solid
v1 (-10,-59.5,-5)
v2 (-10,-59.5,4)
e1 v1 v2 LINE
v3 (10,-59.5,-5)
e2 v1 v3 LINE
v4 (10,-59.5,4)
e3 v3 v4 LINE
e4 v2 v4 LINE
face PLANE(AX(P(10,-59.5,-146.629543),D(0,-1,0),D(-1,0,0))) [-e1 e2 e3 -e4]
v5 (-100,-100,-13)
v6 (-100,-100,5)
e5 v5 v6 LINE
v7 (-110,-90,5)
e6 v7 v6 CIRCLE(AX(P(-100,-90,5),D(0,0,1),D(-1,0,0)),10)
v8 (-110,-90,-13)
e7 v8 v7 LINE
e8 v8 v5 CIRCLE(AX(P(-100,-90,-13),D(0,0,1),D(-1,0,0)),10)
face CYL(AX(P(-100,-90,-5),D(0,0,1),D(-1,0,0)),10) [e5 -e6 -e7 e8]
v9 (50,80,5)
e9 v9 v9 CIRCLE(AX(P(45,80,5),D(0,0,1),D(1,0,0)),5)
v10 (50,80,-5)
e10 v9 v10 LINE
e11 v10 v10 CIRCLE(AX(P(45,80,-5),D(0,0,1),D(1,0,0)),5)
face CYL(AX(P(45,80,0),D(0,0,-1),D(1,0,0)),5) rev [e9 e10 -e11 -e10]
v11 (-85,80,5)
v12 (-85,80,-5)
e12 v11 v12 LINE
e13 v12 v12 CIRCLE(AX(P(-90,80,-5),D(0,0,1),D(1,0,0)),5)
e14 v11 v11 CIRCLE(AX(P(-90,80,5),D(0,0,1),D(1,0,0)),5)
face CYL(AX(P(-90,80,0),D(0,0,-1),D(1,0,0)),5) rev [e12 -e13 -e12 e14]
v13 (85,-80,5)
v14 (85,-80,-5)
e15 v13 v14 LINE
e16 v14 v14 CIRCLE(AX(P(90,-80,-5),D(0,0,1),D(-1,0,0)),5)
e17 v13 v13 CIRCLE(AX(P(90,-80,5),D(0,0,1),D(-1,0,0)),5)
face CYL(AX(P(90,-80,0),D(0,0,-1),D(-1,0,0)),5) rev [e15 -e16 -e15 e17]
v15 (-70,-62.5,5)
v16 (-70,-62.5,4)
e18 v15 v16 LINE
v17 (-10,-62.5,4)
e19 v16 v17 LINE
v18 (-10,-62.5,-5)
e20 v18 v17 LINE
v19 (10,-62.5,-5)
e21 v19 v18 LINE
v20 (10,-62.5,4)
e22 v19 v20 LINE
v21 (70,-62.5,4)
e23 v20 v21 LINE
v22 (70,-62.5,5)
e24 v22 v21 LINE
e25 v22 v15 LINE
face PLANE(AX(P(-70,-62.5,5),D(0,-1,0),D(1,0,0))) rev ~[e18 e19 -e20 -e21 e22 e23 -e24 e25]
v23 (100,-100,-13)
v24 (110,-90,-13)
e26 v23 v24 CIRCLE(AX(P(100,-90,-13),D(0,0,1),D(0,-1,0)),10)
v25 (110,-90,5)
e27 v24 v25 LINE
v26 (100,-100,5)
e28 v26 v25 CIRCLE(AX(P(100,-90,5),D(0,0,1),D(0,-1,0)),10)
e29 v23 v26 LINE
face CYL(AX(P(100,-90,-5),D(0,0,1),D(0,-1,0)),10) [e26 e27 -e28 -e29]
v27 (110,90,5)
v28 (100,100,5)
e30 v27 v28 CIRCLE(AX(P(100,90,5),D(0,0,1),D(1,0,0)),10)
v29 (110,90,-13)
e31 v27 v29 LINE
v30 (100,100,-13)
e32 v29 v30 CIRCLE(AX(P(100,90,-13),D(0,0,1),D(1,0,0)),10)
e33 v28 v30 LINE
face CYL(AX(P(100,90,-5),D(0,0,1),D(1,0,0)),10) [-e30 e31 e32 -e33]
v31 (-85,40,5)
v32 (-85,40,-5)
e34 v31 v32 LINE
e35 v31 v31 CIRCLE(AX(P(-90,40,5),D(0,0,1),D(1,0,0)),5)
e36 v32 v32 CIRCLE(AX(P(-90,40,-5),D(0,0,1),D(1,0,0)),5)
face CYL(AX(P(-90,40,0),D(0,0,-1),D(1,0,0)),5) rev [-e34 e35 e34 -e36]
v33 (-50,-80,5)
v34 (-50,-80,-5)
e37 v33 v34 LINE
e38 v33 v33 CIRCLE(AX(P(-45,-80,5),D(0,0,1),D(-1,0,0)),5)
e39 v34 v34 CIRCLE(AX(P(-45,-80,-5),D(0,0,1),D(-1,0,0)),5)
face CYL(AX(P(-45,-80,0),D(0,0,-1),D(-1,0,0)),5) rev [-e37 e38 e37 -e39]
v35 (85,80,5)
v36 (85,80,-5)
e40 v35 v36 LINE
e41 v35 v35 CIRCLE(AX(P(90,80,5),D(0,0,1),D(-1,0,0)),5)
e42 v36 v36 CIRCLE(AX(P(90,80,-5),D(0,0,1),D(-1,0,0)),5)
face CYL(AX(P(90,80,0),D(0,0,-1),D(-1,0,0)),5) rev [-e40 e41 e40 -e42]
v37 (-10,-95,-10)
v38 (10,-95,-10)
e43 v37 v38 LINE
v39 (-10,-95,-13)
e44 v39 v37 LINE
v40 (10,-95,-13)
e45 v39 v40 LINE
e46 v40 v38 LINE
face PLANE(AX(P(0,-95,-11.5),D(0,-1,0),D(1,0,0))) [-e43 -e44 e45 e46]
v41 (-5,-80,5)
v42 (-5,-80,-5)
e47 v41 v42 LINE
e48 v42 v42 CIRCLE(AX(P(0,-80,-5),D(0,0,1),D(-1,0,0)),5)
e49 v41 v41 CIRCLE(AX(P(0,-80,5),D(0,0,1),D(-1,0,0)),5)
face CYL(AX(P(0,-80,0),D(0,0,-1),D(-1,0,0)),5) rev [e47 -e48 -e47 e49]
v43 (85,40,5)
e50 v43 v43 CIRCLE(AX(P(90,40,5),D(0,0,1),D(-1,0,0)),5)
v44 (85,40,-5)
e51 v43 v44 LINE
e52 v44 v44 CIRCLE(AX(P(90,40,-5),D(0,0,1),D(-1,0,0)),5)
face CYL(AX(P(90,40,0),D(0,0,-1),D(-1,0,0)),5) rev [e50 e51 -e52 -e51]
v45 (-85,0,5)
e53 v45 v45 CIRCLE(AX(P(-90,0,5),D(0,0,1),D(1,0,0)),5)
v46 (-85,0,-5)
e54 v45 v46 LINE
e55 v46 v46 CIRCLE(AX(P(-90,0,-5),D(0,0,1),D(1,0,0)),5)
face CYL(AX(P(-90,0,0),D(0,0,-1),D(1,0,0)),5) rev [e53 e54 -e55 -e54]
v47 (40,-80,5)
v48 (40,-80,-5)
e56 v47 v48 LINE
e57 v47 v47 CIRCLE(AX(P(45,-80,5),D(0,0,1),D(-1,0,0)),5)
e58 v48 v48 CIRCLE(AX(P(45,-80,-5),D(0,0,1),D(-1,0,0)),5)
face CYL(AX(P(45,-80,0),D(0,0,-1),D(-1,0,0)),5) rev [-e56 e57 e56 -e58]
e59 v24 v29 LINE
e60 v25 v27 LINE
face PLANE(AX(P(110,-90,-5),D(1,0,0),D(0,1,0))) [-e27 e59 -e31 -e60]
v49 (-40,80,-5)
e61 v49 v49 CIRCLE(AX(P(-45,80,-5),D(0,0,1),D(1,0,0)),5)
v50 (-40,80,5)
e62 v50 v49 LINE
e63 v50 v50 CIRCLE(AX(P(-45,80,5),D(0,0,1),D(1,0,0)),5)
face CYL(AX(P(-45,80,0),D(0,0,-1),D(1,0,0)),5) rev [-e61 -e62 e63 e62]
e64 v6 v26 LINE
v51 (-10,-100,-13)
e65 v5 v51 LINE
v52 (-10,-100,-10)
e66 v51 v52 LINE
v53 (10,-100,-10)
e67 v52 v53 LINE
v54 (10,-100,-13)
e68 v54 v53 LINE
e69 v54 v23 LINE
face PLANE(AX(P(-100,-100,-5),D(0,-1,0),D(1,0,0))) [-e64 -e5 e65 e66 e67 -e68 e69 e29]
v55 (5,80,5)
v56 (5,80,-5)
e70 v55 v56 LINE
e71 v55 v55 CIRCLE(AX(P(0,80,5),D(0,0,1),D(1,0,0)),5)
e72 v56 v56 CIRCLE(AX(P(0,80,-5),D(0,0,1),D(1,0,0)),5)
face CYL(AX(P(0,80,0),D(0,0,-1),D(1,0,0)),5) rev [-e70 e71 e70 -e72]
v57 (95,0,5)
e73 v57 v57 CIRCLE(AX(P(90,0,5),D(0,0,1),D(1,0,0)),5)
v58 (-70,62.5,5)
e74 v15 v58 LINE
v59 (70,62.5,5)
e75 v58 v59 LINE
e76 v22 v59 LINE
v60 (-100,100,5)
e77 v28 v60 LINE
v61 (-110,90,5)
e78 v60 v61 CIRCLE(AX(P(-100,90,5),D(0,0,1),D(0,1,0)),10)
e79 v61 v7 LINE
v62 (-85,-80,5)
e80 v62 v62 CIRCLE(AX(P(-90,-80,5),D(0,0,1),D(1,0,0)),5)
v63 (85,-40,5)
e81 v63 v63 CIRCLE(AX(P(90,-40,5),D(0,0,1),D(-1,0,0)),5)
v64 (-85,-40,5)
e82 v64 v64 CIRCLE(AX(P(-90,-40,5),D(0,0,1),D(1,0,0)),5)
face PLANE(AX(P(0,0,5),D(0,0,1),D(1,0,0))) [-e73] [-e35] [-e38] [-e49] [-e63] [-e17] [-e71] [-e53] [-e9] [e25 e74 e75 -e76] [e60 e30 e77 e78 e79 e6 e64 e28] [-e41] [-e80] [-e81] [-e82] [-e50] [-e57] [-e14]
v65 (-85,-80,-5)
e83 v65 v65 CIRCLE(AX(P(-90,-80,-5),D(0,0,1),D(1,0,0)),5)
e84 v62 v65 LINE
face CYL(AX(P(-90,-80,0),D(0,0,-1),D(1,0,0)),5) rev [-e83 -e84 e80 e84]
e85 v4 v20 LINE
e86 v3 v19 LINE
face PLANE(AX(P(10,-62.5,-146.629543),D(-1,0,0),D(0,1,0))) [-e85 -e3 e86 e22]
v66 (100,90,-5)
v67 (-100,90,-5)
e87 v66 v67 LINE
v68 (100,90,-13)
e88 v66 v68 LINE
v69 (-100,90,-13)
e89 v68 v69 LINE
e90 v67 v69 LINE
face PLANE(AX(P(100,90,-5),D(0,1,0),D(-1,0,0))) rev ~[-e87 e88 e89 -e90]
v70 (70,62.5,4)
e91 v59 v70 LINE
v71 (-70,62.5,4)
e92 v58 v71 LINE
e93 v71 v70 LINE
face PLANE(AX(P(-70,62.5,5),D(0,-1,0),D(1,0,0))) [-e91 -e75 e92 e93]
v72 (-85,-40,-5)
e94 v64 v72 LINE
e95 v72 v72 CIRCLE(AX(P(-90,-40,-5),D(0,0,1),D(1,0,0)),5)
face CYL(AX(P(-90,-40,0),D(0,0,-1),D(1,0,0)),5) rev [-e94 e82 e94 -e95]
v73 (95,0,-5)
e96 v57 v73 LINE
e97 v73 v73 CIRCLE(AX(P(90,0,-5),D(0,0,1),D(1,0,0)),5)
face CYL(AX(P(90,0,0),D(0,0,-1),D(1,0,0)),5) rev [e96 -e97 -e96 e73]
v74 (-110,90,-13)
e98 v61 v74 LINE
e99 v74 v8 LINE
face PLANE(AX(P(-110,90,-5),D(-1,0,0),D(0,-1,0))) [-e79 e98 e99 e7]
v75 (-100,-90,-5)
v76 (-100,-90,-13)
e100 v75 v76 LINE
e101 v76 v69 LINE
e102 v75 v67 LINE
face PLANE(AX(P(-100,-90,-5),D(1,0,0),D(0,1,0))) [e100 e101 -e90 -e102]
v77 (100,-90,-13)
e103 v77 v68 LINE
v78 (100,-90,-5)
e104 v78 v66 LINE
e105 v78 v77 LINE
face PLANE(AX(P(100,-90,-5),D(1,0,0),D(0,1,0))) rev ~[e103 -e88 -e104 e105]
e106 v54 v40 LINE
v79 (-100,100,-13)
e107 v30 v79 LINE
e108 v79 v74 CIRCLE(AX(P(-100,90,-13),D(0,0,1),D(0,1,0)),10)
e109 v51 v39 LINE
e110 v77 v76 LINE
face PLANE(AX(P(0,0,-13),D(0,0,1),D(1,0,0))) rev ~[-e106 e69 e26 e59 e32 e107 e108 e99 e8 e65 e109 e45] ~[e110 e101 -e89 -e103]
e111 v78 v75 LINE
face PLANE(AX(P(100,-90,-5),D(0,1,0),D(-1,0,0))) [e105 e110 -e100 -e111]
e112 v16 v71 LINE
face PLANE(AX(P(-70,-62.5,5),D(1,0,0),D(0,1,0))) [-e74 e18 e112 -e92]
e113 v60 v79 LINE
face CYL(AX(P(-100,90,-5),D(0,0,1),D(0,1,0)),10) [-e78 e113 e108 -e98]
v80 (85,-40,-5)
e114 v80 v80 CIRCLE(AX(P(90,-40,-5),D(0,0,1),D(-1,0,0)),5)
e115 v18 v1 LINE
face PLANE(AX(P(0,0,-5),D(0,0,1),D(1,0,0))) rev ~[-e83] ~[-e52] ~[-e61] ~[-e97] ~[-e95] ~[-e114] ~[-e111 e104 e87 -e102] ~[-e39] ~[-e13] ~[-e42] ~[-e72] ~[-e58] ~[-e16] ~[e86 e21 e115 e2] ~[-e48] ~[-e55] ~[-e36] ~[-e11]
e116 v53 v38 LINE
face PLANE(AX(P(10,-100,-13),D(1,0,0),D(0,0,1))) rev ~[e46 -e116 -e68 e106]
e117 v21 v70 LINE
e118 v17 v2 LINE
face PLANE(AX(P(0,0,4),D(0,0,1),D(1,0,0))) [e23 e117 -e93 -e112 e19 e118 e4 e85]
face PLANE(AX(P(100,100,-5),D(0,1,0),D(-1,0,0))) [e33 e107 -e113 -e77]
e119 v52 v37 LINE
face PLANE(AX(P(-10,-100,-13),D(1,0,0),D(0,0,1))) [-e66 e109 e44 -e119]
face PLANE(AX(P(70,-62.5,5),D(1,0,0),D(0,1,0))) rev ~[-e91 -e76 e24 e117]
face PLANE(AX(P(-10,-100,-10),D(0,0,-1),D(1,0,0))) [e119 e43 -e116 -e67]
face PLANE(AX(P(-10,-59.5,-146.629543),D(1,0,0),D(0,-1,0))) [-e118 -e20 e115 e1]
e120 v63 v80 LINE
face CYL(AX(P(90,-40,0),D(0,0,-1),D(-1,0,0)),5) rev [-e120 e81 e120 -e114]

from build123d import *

# Parameters (mm, degrees)
SKETCH_1_R               = 5
EXTRUDE_1_DEPTH          = 5
SKETCH_3_W               = 200
SKETCH_3_H               = 180
EXTRUDE_2_DEPTH          = 8
SKETCH_4_W               = 140
SKETCH_4_H               = 125
CUT_EXTRUDE_1_DEPTH      = 1
CUT_EXTRUDE_2_DEPTH      = 150.629542538
CUT_EXTRUDE_2_DEPTH_BACK = 150.629542538
SKETCH_6_W               = 20
SKETCH_6_H               = 3
CUT_EXTRUDE_3_DEPTH      = 5


with BuildPart() as part:
    # 草图1 → 凸台-拉伸1 (new, symmetric)
    with BuildSketch(Plane.XY):
        with BuildLine():
            Line((-100, -100), (100, -100))
            ThreePointArc((100, -100), (107.071067812, -97.071067812), (110, -90))
            Line((110, -90), (110, 90))
            ThreePointArc((110, 90), (107.071067812, 97.071067812), (100, 100))
            Line((100, 100), (-100, 100))
            ThreePointArc((-100, 100), (-107.071067812, 97.071067812), (-110, 90))
            Line((-110, 90), (-110, -90))
            ThreePointArc((-110, -90), (-107.071067812, -97.071067812), (-100, -100))
        make_face()
        with Locations((-90, 0)):
            Circle(SKETCH_1_R, mode=Mode.SUBTRACT)
        with Locations((90, 0)):
            Circle(SKETCH_1_R, mode=Mode.SUBTRACT)
        with Locations((-90, 40)):
            Circle(SKETCH_1_R, mode=Mode.SUBTRACT)
        with Locations((-90, -40)):
            Circle(SKETCH_1_R, mode=Mode.SUBTRACT)
        with Locations(Location((90, -40, 0), (0, 0, 180))):
            Circle(SKETCH_1_R, mode=Mode.SUBTRACT)
        with Locations(Location((90, 40, 0), (0, 0, 180))):
            Circle(SKETCH_1_R, mode=Mode.SUBTRACT)
        with Locations((-90, -80)):
            Circle(SKETCH_1_R, mode=Mode.SUBTRACT)
        with Locations((-90, 80)):
            Circle(SKETCH_1_R, mode=Mode.SUBTRACT)
        with Locations(Location((90, -80, 0), (0, 0, 180))):
            Circle(SKETCH_1_R, mode=Mode.SUBTRACT)
        with Locations(Location((90, 80, 0), (0, 0, 180))):
            Circle(SKETCH_1_R, mode=Mode.SUBTRACT)
        with Locations((0, 80)):
            Circle(SKETCH_1_R, mode=Mode.SUBTRACT)
        with Locations((-45, 80)):
            Circle(SKETCH_1_R, mode=Mode.SUBTRACT)
        with Locations((45, 80)):
            Circle(SKETCH_1_R, mode=Mode.SUBTRACT)
        with Locations(Location((45, -80, 0), (0, 0, 180))):
            Circle(SKETCH_1_R, mode=Mode.SUBTRACT)
        with Locations(Location((0, -80, 0), (0, 0, 180))):
            Circle(SKETCH_1_R, mode=Mode.SUBTRACT)
        with Locations(Location((-45, -80, 0), (0, 0, 180))):
            Circle(SKETCH_1_R, mode=Mode.SUBTRACT)
    extrude(amount=EXTRUDE_1_DEPTH, both=True)

    # 草图3 → 凸台-拉伸2 (add)
    with BuildSketch(Plane(origin=(0, 0, -5), x_dir=(-1, 0, 0), z_dir=(0, 0, -1))):
        with BuildLine():
            Line((110, 90), (110, -90))
            ThreePointArc((110, -90), (107.071067812, -97.071067812), (100, -100))
            Line((100, -100), (-100, -100))
            ThreePointArc((-100, -100), (-107.071067812, -97.071067812), (-110, -90))
            Line((-110, -90), (-110, 90))
            ThreePointArc((-110, 90), (-107.071067812, 97.071067812), (-100, 100))
            Line((-100, 100), (100, 100))
            ThreePointArc((100, 100), (107.071067812, 97.071067812), (110, 90))
        make_face()
        Rectangle(SKETCH_3_W, SKETCH_3_H, mode=Mode.SUBTRACT)
    extrude(amount=EXTRUDE_2_DEPTH)

    # 草图4 → 切除-拉伸1 (cut)
    with BuildSketch(Plane.XY.offset(5)):
        Rectangle(SKETCH_4_W, SKETCH_4_H)
    extrude(amount=-CUT_EXTRUDE_1_DEPTH, mode=Mode.SUBTRACT)

    # 草图5 → 切除-拉伸2 (cut, two sides: drawn at the far end of the back side and taken through both)
    with BuildSketch(Plane.XY.offset(4).offset(-CUT_EXTRUDE_2_DEPTH_BACK)):
        Polygon((0, -62.5), (10, -62.5), (10, -59.5), (-10, -59.5), (-10, -62.5), align=None)
    extrude(amount=CUT_EXTRUDE_2_DEPTH + CUT_EXTRUDE_2_DEPTH_BACK, mode=Mode.SUBTRACT)

    # 草图6 → 切除-拉伸3 (cut)
    with BuildSketch(Plane.XZ.offset(100)):
        with Locations((0, -11.5)):
            Rectangle(SKETCH_6_W, SKETCH_6_H)
    extrude(amount=-CUT_EXTRUDE_3_DEPTH, mode=Mode.SUBTRACT)


solid = part.part
